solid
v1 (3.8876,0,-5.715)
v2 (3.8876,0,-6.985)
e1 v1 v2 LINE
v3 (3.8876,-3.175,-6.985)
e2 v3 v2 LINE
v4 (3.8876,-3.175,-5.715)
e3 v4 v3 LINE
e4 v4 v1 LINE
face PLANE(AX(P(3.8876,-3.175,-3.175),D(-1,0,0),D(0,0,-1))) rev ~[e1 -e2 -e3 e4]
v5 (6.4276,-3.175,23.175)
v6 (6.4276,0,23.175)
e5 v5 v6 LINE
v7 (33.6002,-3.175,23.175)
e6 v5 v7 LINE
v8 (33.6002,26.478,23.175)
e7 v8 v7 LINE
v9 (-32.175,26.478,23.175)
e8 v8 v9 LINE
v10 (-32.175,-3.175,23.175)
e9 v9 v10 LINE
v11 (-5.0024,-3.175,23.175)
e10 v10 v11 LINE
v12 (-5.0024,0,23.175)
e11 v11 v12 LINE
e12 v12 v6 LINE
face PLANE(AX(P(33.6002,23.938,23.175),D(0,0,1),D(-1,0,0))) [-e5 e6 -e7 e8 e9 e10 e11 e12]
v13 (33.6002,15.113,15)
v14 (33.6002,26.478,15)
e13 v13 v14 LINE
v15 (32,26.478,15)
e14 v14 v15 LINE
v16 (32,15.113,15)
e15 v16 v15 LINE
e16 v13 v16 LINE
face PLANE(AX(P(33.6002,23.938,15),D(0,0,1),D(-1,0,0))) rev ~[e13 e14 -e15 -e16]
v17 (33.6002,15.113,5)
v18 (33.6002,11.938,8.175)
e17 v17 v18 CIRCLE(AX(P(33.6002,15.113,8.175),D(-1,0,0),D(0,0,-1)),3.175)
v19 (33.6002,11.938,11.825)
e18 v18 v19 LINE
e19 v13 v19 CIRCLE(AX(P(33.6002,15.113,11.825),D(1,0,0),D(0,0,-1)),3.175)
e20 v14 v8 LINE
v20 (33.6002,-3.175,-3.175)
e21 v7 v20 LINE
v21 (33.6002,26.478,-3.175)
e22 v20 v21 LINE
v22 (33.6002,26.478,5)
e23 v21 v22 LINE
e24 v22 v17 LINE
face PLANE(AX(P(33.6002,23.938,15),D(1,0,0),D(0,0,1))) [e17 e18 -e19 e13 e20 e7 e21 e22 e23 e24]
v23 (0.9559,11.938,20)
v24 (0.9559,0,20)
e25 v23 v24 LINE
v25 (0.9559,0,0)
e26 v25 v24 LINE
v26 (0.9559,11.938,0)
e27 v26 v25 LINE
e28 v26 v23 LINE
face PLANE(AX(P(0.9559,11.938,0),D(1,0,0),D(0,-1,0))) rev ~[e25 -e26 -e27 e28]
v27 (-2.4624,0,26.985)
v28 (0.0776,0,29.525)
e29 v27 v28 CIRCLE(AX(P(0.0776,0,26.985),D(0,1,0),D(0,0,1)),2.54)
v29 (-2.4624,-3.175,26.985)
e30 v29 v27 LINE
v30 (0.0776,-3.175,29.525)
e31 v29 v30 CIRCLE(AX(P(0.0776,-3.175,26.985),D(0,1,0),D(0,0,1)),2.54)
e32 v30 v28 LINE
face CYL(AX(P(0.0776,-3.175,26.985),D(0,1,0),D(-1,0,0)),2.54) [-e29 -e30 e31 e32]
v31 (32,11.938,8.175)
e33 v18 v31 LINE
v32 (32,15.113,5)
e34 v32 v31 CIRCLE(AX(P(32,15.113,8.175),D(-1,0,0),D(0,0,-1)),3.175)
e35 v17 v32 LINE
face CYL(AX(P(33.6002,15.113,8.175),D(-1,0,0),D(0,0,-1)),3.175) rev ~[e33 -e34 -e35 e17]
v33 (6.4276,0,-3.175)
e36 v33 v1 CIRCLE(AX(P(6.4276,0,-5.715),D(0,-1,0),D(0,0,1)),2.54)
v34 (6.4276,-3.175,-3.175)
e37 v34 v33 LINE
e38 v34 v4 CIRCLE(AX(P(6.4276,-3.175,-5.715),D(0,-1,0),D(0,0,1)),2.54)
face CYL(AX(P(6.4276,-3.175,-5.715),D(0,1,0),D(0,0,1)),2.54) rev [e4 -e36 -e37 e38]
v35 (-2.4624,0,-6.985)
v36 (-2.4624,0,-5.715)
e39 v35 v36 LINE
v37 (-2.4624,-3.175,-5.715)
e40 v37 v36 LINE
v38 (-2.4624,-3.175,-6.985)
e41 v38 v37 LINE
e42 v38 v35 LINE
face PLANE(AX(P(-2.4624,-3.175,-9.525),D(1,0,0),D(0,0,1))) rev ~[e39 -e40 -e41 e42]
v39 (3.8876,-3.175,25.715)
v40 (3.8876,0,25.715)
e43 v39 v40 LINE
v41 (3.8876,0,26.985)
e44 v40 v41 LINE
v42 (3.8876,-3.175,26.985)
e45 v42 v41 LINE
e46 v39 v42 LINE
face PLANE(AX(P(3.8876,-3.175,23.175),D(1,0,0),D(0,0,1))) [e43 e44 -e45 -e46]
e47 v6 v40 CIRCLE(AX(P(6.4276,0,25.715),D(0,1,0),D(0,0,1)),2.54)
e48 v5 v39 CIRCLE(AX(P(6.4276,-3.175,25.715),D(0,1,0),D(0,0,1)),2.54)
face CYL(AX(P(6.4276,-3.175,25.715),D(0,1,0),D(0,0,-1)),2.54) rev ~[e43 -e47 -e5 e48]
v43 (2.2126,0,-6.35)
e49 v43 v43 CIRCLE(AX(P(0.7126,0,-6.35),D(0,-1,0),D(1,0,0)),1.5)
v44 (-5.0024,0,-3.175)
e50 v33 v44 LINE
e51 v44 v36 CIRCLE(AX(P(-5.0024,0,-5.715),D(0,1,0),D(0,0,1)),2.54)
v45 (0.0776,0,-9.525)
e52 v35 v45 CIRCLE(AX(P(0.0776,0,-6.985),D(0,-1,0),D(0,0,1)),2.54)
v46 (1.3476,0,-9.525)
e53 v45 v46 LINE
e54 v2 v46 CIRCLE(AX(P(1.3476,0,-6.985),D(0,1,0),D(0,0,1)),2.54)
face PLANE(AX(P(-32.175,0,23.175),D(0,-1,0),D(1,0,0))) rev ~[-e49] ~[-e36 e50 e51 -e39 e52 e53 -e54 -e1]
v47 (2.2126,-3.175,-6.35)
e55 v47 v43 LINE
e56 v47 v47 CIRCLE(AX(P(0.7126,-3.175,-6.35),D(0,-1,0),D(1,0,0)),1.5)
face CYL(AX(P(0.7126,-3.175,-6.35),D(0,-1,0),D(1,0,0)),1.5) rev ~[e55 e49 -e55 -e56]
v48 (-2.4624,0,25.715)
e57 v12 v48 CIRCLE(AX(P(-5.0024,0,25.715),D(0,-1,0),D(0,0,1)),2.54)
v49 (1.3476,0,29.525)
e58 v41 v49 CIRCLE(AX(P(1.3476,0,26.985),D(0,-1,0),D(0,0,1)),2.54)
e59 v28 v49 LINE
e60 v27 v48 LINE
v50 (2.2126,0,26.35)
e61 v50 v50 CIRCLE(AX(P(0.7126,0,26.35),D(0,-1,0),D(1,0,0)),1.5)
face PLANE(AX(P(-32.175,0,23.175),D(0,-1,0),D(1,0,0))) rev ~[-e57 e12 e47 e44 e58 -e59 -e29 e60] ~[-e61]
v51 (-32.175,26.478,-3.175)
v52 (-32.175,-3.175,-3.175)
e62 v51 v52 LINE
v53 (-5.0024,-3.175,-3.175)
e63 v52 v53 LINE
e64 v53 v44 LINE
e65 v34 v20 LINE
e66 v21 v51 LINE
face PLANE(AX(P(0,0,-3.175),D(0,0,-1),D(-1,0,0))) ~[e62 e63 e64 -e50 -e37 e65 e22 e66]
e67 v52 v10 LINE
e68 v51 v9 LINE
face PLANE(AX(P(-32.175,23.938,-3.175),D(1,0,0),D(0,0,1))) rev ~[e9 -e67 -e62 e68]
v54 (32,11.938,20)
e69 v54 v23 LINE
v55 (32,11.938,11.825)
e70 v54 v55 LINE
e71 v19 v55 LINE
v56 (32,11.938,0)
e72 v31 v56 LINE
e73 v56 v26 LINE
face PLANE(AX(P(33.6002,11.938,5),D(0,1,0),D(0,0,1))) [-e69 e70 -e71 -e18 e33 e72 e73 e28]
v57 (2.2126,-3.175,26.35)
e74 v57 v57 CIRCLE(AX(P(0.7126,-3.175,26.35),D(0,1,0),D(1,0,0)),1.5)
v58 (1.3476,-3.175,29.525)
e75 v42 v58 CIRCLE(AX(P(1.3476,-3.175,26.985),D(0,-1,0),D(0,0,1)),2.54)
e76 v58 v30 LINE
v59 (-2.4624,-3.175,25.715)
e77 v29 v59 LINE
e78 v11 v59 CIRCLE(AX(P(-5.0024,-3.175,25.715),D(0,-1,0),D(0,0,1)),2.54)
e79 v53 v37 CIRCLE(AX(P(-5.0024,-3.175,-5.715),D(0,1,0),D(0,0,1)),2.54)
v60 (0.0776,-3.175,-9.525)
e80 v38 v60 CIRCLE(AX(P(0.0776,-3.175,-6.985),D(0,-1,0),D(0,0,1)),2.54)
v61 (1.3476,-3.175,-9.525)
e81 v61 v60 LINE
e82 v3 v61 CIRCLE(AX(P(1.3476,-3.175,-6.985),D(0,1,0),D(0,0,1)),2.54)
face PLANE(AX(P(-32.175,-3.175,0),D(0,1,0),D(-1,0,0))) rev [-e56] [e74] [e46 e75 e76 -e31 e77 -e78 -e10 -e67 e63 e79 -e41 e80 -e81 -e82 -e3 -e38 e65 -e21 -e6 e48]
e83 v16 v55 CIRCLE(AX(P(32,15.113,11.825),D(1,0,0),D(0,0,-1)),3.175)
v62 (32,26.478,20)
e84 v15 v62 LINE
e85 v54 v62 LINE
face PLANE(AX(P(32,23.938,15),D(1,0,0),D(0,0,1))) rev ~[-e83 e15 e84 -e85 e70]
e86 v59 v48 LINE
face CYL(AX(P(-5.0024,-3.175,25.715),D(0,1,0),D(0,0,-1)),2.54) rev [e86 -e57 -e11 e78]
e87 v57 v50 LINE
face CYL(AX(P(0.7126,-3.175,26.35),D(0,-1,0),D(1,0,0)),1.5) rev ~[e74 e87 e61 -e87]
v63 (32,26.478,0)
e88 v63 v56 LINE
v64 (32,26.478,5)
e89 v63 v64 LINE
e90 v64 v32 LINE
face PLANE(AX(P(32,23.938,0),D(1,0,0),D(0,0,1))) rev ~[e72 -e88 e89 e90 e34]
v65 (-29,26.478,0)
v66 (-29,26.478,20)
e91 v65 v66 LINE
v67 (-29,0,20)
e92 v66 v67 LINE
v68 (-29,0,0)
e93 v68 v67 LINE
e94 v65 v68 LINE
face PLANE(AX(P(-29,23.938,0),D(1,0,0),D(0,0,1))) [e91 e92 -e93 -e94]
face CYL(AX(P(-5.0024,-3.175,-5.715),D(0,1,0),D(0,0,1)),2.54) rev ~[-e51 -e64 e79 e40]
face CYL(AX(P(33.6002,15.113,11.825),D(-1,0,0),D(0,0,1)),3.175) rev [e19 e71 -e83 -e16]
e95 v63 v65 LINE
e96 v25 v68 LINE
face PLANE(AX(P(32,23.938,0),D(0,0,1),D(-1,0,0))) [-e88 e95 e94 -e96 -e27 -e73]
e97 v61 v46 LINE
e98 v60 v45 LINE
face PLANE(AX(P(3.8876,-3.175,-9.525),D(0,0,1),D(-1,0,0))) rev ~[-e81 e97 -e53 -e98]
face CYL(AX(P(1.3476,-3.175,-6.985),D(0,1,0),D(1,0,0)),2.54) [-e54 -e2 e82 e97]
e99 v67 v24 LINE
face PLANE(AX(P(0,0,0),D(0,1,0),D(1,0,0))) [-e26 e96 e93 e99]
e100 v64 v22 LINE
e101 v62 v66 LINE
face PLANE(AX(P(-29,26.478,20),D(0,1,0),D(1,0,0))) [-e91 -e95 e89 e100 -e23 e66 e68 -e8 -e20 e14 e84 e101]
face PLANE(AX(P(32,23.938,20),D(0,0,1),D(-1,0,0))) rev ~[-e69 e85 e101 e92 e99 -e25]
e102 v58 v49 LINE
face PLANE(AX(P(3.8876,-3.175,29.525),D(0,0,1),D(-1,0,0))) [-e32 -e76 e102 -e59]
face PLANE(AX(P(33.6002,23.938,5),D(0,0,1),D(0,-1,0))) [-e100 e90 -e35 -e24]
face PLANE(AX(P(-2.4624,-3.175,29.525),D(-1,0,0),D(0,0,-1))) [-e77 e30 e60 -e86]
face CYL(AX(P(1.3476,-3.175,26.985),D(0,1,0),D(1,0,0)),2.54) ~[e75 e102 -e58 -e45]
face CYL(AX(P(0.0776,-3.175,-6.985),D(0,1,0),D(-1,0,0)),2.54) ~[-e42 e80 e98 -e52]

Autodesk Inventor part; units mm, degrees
ref_plane "YZ Plane" through (0, 0, 0) normal (1, 0, 0) x (0, 1, 0)
ref_plane "XZ Plane" through (0, 0, 0) normal (0, 1, 0) x (-1, 0, 0)
sketch "Sketch1" plane through (0, 0, 0) normal (0, 0, 1) x (1, 0, 0)
  line L0 (0, 0) -> (32, 0)
  line L1 (32, 0) -> (32, 11.938)
  line L2 (32, 11.938) -> (0, 11.938)
  line L3 (0, 11.938) -> (0, 0)
  line L4 (0, 0) -> (-29, 0)
  line L5 (-29, 0) -> (-29, 11.938)
  line L6 (-29, 11.938) -> (0, 11.938)
  line L7 (0, 11.938) -> (0, 0)
  line L8 (32, 11.938) -> (-9, 11.938)
  line L9 (-9, 11.938) -> (-9, 23.938)
  line L10 (-9, 23.938) -> (32, 23.938)
  line L11 (32, 23.938) -> (32, 11.938)
  line L12 (32, 0) -> (33.6002, 0)
  line L13 (33.6002, 0) -> (33.6002, 23.938)
  line L14 (33.6002, 23.938) -> (32, 23.938)
  line L15 (32, 23.938) -> (32, 0)
  line L16 (33.6002, 0) -> (-29, 0)
  line L17 (-29, 0) -> (-29, -3.175)
  line L18 (-29, -3.175) -> (33.6002, -3.175)
  line L19 (33.6002, -3.175) -> (33.6002, 0)
  line L20 (-29, -3.175) -> (-32.175, -3.175)
  line L21 (-32.175, -3.175) -> (-32.175, 23.938)
  line L22 (-32.175, 23.938) -> (-29, 23.938)
  line L23 (-29, 23.938) -> (-29, -3.175)
  line L24 (-32.175, 23.938) -> (33.6002, 23.938)
  line L25 (33.6002, 23.938) -> (33.6002, 27.113)
  line L26 (33.6002, 27.113) -> (-32.175, 27.113)
  line L27 (-32.175, 27.113) -> (-32.175, 23.938)
  line L28 (0, 11.938) -> (0.9559, 11.938)
  line L29 (0.9559, 11.938) -> (0.9559, 0)
  line L30 (0.9559, 0) -> (0, 0)
  line L31 (0, 0) -> (0, 11.938)
  point P0 (0.9559, 0)
  dimension "d0" = 32
  dimension "d1" = 11.938
  dimension "d2" = 29
  dimension "d3" = 41
  dimension "d4" = 12
  dimension "d5" = 1.6002
  dimension "d7" = 3.175
  dimension "d8" = 3.175
  dimension "d9" = 3.175
extrude "Extrusion1" add sketch "Sketch1" along normal blind 20 contours L0 L12 L19 L18 L17 L4 | L29 L2 L1 L0 | L17 L20 L21 L22 L23 L5 | L1 L11 L14 L13 L12
sketch "Sketch2" plane through (0, 0, 20) normal (0, 0, 1) x (1, 0, 0)
  line L0 (-29, 23.938) -> (-32.175, 23.938) projected
  line L1 (-32.175, -3.175) -> (33.6002, -3.175) projected
  line L2 (-32.175, 23.938) -> (33.6002, 23.938)
  line L3 (33.6002, 23.938) -> (33.6002, -3.175)
  line L4 (33.6002, -3.175) -> (-32.175, -3.175)
  line L5 (-32.175, -3.175) -> (-32.175, 23.938)
  point P0 (0, 0)
  point P1 (-32.175, -3.175)
ref_plane "Work Plane1" through (0, 0, 10) normal (0, 0, 1) x (1, 0, 0)
extrude "Extrusion2" add sketch "Sketch2" along normal blind 3.175
mirror "Mirror1" about plane through (0, 0, 10) normal (0, 0, 1) of "Extrusion2"
sketch "Sketch3" plane through (33.6002, -3.175, 23.175) normal (1, 0, 0) x (0, 0, -1)
  line L0 (23.175, 15.113) -> (3.175, 15.113) projected
  line L1 (23.175, 27.113) -> (3.175, 27.113) projected
  line L2 (13.175, 15.113) -> (8.175, 15.113)
  line L3 (8.175, 15.113) -> (8.175, 27.113)
  line L4 (8.175, 27.113) -> (13.175, 27.113)
  line L5 (13.175, 27.113) -> (13.175, 15.113)
  line L6 (13.175, 27.113) -> (18.175, 27.113)
  line L7 (18.175, 27.113) -> (18.175, 15.113)
  line L8 (18.175, 15.113) -> (13.175, 15.113)
  line L9 (13.175, 15.113) -> (13.175, 27.113)
  point P0 (23.175, 3.175)
  dimension "d15" = 5
  dimension "d16" = 5
extrude "Extrusion3" cut sketch "Sketch3" against normal blind 3.175
fillet "Fillet1" radius 3.175 2 edges at (32.8001, 11.938, 5) (32.8001, 11.938, 15)
sketch "Sketch4" plane through (-32.175, -3.175, 23.175) normal (0, -1, 0) x (1, 0, 0)
  line L0 (65.7752, -8.175) -> (65.7752, 0) projected
  line L1 (65.7752, -26.35) -> (0, -26.35) projected
  line L2 (65.7752, 0) -> (0, 0)
  line L3 (0, 0) -> (0, -26.35)
  line L4 (0, -26.35) -> (65.7752, -26.35)
  line L5 (65.7752, -26.35) -> (65.7752, 0)
  line L6 (32.8876, 0) -> (36.0626, 0)
  line L7 (36.0626, 0) -> (36.0626, 6.35)
  line L8 (36.0626, 6.35) -> (32.8876, 6.35)
  line L9 (32.8876, 6.35) -> (32.8876, 0)
  line L10 (32.8876, 6.35) -> (29.7126, 6.35)
  line L11 (29.7126, 6.35) -> (29.7126, 0)
  line L12 (29.7126, 0) -> (32.8876, 0)
  line L13 (32.8876, 0) -> (32.8876, 6.35)
  circle A0 centre (32.8876, 3.175) radius 1.5
  line L14 (65.7752, -13.175) -> (55.6443, -13.175)
  line L15 (36.0626, -26.35) -> (36.0626, -32.7)
  line L16 (36.0626, -32.7) -> (32.8876, -32.7)
  line L17 (32.8876, -32.7) -> (29.7126, -32.7)
  line L18 (29.7126, -32.7) -> (29.7126, -26.35)
  circle A1 centre (32.8876, -29.525) radius 1.5
  point P0 (32.175, -23.175)
  dimension "d20" = 3.175
  dimension "d21" = 6.35
  dimension "d22" = 3.175
  dimension "d23" = 3
extrude "Extrusion4" add sketch "Sketch4" against normal blind 3.175 contours L2 L9 A0 L8 L7 | L2 L11 L10 L9 A0 | L15 L16 L17 L18 L1
fillet "Fillet2" radius 2.54 8 edges at (-2.4624, -1.5875, 23.175) (-2.4624, -1.5875, 29.525) (3.8876, -1.5875, 29.525) (3.8876, -1.5875, 23.175) (-2.4624, -1.5875, -9.525) (3.8876, -1.5875, -9.525) (3.8876, -1.5875, -3.175) (-2.4624, -1.5875, -3.175)
sketch "Sketch5" plane through (-29, 23.938, 20) normal (0, 1, 0) x (1, 0, 0)
  line L0 (62.6002, 5) -> (61, 5) projected
  line L1 (61, 5) -> (61, 0) projected
  line L2 (61, 0) -> (0, 0) projected
  line L3 (0, 20) -> (0, 0) projected
  line L4 (61, 20) -> (0, 20) projected
  line L5 (61, 20) -> (61, 15) projected
  line L6 (61, 15) -> (62.6002, 15) projected
  line L7 (62.6002, 23.175) -> (62.6002, 15) projected
  line L8 (62.6002, 23.175) -> (-3.175, 23.175) projected
  line L9 (-3.175, 23.175) -> (-3.175, -3.175) projected
  line L10 (62.6002, -3.175) -> (-3.175, -3.175) projected
  line L11 (62.6002, 5) -> (62.6002, -3.175) projected
  point P0 (29, 20)
extrude "Extrusion5" add sketch "Sketch5" along normal blind 2.54
properties part number "RadioMount" material "Rubber, Silicone"
